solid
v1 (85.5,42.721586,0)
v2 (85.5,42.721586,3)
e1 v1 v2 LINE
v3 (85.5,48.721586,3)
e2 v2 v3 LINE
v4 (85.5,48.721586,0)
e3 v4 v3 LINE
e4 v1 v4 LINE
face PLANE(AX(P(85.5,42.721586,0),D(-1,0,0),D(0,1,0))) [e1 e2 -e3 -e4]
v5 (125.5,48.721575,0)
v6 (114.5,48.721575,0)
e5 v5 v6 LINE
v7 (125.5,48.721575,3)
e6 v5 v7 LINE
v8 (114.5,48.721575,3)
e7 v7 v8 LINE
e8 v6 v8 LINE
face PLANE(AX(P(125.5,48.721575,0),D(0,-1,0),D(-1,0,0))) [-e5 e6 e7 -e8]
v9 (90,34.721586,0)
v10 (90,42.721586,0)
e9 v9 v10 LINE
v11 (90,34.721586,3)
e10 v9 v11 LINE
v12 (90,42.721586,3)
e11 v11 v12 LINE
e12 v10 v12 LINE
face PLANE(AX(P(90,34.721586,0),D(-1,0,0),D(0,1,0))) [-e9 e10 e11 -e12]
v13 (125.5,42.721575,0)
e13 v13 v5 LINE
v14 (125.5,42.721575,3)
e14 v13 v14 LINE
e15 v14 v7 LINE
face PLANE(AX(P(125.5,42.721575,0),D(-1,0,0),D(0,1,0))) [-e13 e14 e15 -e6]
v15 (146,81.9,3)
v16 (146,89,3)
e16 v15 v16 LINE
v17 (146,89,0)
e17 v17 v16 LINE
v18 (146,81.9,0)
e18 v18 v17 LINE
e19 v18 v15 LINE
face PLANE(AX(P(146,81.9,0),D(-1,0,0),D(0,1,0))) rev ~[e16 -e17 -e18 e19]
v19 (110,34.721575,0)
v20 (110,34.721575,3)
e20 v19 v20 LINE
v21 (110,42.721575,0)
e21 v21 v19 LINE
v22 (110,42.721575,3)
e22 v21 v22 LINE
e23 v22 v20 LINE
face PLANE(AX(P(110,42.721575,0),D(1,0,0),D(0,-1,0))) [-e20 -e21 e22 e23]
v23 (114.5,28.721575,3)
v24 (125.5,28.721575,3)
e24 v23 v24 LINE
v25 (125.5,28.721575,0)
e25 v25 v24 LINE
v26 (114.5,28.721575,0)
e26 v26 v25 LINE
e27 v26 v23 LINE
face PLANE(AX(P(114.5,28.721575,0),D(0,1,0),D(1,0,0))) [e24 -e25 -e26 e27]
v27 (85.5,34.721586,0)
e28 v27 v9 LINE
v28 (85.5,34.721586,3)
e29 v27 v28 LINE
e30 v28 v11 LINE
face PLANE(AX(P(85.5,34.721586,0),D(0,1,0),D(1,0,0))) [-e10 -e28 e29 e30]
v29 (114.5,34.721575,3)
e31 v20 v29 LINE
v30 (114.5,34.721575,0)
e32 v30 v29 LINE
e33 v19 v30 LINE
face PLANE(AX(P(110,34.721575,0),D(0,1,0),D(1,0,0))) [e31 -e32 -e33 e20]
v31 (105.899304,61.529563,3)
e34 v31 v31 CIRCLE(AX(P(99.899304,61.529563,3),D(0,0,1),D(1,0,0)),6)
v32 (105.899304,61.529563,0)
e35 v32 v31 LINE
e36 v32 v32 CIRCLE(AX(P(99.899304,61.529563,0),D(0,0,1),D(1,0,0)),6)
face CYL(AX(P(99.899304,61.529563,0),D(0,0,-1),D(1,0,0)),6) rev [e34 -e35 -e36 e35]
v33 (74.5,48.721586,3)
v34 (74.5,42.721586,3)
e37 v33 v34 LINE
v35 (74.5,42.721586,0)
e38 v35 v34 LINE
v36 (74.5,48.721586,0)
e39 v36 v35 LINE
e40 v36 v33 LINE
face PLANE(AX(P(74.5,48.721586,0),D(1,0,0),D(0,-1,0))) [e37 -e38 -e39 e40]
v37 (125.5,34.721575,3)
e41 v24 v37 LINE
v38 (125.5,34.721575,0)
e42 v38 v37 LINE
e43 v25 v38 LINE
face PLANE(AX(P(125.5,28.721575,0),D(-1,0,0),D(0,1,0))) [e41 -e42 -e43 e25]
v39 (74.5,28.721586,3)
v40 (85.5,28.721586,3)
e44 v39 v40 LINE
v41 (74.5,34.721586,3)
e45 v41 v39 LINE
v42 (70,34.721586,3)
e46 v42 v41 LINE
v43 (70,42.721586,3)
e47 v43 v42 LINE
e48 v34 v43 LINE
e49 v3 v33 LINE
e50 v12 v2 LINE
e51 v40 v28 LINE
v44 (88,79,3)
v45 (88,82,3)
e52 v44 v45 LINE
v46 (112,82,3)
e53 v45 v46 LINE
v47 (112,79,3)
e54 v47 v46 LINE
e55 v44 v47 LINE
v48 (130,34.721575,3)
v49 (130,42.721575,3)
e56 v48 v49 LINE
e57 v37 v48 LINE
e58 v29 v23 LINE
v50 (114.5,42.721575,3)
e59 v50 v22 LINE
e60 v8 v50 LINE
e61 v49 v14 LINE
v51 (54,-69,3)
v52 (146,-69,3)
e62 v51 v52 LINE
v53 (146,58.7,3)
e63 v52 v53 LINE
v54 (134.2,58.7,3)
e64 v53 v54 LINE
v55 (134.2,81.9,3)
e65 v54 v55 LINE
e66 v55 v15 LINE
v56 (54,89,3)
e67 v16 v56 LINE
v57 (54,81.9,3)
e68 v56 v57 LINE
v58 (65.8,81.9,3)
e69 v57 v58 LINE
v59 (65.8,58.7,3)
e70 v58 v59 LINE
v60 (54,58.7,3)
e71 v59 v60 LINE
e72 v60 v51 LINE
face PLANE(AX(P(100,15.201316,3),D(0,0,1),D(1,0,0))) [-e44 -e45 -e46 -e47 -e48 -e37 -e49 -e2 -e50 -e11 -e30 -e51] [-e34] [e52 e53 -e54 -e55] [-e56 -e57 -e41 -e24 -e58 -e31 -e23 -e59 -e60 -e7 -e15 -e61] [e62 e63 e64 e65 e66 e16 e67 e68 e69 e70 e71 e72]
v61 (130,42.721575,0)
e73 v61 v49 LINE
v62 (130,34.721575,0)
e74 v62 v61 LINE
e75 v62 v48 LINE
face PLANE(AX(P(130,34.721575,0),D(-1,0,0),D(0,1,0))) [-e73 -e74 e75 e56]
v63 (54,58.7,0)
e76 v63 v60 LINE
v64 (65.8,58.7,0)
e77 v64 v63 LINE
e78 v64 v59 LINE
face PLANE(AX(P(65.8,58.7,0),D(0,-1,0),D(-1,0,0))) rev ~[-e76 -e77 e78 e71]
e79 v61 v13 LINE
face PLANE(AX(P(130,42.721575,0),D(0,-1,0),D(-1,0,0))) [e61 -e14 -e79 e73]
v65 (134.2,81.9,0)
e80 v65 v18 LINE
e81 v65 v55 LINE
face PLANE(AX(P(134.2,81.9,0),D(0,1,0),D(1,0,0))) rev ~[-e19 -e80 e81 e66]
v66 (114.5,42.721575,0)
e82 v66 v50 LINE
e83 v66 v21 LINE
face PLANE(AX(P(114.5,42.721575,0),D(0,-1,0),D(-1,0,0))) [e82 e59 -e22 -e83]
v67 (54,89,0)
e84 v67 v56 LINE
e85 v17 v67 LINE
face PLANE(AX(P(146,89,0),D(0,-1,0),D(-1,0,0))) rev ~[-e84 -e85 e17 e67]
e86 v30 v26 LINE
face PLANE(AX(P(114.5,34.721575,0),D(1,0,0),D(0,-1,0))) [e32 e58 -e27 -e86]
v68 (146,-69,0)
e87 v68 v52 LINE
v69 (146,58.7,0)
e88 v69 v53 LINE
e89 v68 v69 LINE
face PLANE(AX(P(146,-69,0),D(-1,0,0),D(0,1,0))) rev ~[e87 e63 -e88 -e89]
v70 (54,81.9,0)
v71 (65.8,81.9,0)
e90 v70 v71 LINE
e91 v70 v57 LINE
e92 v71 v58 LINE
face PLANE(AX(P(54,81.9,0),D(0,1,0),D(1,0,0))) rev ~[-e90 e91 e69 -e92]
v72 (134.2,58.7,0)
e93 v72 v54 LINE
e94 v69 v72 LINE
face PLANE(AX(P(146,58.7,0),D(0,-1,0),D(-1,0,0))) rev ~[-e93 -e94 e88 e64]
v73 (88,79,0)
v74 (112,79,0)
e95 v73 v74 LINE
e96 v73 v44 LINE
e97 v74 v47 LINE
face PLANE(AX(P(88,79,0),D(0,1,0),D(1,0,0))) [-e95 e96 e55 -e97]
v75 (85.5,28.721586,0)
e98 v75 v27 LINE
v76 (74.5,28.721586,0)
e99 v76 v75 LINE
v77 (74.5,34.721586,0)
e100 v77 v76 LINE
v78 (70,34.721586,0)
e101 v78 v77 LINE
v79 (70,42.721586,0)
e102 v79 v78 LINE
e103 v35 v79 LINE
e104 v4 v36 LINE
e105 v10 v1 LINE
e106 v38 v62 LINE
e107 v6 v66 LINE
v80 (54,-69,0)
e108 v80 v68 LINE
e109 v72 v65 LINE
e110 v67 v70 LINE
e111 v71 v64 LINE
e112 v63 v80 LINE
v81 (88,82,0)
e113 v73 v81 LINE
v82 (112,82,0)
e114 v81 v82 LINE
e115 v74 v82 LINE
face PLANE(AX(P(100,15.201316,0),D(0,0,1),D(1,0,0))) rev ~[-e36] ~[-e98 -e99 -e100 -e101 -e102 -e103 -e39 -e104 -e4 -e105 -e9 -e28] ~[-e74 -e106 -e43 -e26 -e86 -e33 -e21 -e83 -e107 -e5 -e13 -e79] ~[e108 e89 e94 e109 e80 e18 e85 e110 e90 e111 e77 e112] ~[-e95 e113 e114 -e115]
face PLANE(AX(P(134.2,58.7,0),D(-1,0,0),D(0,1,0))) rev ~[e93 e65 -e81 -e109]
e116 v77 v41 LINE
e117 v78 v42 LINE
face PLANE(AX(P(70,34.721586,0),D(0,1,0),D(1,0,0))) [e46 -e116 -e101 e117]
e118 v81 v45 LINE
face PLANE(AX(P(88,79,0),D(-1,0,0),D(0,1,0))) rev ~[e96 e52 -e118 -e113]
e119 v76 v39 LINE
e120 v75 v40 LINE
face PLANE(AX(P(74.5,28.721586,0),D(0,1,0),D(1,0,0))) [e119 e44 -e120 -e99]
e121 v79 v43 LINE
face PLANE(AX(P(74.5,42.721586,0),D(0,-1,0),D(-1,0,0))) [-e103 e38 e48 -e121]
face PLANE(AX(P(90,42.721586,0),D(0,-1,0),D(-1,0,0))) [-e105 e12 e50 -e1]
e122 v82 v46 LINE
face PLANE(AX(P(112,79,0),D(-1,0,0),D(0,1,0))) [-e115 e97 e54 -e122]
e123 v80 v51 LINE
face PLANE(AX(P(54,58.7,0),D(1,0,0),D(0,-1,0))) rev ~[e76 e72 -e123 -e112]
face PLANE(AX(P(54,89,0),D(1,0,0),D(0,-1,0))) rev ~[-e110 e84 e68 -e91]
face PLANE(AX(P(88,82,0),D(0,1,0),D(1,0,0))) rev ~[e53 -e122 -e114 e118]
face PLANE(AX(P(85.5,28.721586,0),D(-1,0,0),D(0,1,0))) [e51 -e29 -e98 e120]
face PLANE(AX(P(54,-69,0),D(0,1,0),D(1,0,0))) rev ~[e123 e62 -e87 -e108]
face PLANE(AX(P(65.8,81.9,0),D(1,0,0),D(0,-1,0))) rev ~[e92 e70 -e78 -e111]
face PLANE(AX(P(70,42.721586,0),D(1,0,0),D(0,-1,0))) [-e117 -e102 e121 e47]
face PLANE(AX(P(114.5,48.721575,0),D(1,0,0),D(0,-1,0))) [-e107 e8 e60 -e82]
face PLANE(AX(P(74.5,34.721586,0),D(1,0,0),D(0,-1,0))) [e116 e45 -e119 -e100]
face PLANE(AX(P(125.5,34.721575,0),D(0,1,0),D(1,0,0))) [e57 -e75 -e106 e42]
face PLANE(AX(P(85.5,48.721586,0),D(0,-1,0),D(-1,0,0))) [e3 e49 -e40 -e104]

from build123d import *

# Parameters (mm, degrees)
MODEL_R                 = 6
MODEL_W                 = 24
MODEL_H                 = 3
SALIENTE_EXTRUIR1_DEPTH = 3


with BuildPart() as part:
    # Model → Saliente-Extruir1 (new body)
    with BuildSketch(Plane.XY):
        Polygon((54, 89), (54, 81.9), (65.8, 81.9), (65.8, 58.7), (54, 58.7), (54, -69), (146, -69), (146, 58.7), (134.2, 58.7), (134.2, 81.9), (146, 81.9), (146, 89), align=None)
        with Locations((99.899304233, 61.529562992)):
            Circle(MODEL_R, mode=Mode.SUBTRACT)
        with Locations((100, 80.5)):
            Rectangle(MODEL_W, MODEL_H, mode=Mode.SUBTRACT)
        Polygon((85.5, 28.721585816), (85.5, 34.721585816), (90, 34.721585816), (90, 42.721585816), (85.5, 42.721585816), (85.5, 48.721585816), (74.5, 48.721585816), (74.5, 42.721585816), (70, 42.721585816), (70, 34.721585816), (74.5, 34.721585816), (74.5, 28.721585816), align=None, mode=Mode.SUBTRACT)
        Polygon((125.5, 28.721575199), (125.5, 34.721575199), (130, 34.721575199), (130, 42.721575199), (125.5, 42.721575199), (125.5, 48.721575199), (114.5, 48.721575199), (114.5, 42.721575199), (110, 42.721575199), (110, 34.721575199), (114.5, 34.721575199), (114.5, 28.721575199), align=None, mode=Mode.SUBTRACT)
    extrude(amount=SALIENTE_EXTRUIR1_DEPTH)


solid = part.part
